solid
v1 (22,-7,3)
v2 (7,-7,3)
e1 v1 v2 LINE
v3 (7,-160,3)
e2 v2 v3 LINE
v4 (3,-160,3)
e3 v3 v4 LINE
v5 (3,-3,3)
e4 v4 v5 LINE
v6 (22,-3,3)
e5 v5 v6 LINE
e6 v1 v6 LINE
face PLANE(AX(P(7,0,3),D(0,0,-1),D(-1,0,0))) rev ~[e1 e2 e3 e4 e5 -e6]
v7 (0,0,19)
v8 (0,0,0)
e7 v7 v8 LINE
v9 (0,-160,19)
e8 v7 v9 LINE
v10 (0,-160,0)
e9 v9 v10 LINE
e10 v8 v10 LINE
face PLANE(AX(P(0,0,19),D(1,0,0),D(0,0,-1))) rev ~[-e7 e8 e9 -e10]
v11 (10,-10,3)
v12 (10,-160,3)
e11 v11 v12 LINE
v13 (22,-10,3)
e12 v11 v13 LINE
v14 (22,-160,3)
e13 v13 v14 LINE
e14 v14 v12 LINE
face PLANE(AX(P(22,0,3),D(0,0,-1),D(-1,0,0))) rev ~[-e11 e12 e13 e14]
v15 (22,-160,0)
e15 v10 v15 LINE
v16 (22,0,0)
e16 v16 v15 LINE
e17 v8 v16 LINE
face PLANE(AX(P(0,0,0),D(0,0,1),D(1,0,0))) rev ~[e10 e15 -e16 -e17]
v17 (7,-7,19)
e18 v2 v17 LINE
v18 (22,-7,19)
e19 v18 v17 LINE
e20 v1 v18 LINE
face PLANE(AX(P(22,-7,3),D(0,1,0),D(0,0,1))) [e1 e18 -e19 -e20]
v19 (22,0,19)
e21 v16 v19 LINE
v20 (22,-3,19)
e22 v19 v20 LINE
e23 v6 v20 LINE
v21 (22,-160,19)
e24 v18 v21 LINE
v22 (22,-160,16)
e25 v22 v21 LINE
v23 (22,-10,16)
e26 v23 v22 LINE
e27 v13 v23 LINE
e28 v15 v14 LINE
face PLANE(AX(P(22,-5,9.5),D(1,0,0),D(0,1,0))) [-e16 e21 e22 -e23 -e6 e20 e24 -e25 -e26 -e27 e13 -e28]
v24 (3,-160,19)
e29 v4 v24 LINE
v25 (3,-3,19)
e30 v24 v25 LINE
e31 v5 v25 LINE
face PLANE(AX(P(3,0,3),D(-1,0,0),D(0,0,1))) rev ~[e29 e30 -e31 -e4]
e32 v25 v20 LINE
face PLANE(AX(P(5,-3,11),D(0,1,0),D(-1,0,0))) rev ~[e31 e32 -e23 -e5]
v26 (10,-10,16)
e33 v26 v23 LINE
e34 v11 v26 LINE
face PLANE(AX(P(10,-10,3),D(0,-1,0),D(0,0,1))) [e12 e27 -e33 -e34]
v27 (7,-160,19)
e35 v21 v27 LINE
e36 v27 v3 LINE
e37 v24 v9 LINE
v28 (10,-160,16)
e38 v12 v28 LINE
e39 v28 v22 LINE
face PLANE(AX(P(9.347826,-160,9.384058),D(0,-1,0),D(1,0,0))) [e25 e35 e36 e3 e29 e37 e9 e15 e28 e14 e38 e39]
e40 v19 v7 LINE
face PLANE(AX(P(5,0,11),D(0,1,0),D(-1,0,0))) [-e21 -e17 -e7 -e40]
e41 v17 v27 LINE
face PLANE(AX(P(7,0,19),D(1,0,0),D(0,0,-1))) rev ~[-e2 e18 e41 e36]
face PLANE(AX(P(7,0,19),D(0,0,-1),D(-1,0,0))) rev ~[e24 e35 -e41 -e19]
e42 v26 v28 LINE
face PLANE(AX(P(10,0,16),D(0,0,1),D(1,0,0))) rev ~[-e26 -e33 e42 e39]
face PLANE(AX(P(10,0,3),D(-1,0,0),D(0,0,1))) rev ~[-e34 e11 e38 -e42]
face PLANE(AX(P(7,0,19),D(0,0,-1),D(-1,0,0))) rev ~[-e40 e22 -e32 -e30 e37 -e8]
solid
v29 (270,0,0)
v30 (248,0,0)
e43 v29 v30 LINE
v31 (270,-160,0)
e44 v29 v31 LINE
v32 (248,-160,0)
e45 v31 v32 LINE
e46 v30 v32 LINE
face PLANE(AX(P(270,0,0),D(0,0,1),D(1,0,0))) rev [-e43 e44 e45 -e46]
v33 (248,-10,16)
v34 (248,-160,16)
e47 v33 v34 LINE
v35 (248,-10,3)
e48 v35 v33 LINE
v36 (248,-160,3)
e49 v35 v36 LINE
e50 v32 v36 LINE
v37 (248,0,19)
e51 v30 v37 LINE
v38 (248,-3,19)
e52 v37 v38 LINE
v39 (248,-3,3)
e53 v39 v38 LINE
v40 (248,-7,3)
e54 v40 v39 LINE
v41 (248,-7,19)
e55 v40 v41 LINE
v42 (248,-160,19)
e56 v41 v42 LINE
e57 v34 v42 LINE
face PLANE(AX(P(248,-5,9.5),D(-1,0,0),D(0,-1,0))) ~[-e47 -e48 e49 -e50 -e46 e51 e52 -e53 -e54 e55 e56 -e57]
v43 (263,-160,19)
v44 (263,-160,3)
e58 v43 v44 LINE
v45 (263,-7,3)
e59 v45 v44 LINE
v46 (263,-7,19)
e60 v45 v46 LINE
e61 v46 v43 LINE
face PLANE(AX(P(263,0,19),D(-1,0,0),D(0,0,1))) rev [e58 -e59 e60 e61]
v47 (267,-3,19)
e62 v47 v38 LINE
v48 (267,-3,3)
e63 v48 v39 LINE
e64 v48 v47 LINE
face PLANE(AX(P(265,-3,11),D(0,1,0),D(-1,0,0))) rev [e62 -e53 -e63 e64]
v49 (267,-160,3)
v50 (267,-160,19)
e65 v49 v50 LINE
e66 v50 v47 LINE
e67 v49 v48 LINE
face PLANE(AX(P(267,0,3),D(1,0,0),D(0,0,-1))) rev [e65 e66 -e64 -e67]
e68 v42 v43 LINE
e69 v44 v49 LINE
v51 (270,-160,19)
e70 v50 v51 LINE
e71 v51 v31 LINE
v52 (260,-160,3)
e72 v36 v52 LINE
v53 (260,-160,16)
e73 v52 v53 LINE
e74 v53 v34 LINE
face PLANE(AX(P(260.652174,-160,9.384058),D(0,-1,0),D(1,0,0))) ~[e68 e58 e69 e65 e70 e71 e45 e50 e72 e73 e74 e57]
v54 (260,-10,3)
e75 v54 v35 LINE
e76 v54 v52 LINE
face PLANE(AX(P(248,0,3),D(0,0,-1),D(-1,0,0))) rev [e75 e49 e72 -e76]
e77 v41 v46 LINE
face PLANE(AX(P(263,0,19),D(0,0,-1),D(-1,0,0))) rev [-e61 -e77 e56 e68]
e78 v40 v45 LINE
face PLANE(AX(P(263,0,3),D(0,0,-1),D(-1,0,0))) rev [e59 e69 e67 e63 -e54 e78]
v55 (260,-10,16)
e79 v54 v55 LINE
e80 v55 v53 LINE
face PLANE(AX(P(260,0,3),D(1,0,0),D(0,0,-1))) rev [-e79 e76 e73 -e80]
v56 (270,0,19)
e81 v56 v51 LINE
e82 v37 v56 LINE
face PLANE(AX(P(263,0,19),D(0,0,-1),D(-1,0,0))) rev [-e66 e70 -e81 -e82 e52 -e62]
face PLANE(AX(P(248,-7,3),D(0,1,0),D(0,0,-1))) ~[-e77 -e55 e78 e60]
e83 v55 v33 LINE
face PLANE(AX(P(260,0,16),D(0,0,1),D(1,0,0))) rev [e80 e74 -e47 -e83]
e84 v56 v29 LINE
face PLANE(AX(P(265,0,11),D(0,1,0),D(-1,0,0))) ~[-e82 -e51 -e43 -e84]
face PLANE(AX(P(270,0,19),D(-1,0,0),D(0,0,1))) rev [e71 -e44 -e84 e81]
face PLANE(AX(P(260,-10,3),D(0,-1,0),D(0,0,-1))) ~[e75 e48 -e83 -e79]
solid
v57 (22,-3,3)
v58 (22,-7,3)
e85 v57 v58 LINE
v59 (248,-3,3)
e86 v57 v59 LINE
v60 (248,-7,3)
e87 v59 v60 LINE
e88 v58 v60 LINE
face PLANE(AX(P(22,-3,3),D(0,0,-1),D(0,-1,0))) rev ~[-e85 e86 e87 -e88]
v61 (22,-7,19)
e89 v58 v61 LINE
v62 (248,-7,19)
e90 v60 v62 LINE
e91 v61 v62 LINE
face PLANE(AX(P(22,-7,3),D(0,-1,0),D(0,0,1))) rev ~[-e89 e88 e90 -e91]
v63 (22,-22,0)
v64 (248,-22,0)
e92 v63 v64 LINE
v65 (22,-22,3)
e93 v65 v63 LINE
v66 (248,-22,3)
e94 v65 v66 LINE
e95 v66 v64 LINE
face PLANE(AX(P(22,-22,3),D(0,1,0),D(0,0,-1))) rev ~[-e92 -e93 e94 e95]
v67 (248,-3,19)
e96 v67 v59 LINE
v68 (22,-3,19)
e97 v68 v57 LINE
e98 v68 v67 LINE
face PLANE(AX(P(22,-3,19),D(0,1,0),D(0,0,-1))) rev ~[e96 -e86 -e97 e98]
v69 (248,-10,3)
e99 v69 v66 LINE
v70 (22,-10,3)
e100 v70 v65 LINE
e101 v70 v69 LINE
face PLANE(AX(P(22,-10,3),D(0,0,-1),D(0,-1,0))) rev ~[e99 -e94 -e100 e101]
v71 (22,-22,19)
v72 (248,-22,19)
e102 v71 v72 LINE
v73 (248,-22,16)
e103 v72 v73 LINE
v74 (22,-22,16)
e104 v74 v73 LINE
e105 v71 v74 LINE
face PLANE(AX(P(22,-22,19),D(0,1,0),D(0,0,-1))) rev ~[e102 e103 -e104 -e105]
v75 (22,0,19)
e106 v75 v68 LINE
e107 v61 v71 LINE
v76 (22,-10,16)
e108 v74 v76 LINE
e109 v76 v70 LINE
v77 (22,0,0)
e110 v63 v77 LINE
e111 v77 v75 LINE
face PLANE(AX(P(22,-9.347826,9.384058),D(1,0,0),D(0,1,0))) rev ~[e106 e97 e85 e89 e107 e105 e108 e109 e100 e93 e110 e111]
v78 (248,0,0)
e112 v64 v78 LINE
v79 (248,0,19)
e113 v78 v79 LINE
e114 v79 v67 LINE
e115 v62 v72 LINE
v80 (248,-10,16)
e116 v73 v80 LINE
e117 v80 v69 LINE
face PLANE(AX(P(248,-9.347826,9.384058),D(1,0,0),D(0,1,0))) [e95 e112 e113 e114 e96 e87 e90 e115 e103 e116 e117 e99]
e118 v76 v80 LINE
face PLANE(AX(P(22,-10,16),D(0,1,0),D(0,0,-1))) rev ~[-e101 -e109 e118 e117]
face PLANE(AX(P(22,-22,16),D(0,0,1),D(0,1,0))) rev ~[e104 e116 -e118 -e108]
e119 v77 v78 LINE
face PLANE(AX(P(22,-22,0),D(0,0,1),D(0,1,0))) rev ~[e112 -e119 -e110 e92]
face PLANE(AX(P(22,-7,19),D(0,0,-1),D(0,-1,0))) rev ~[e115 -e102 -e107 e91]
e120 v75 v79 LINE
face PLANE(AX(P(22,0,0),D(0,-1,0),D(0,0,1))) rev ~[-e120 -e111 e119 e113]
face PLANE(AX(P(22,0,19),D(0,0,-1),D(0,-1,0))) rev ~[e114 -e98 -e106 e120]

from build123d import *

# Parameters (mm, degrees)
F1_DEPTH = 160
F2_W     = 10
F2_H     = 13
F3_DEPTH = 12
F4_W     = 4
F4_H     = 16
F5_DEPTH = 3
F6_W     = 4
F6_H     = 16
F7_DEPTH = 19
F9_DEPTH = 226


with BuildPart() as f1:
    # F0 (on Front) → F1 (new body)
    with BuildSketch(Plane.XZ):
        Polygon((0, 19), (0, 0), (22, 0), (22, 3), (10, 3), (10, 16), (22, 16), (22, 19), (7, 19), (7, 3), (3, 3), (3, 19), align=None)
    extrude(amount=F1_DEPTH)

    # F2 (on face) → F3 (join, through all)
    with BuildSketch(Plane.YZ.offset(10)):
        with Locations((-5, 9.5)):
            Rectangle(F2_W, F2_H)
    extrude(amount=F3_DEPTH)

    # F4 (on face) → F5 (join)
    with BuildSketch(Plane(origin=(0, 0, 0), x_dir=(-1, 0, 0), z_dir=(0, 1, 0))):
        with Locations((-5, 11)):
            Rectangle(F4_W, F4_H)
    extrude(amount=-F5_DEPTH)

    # F6 (on face) → F7 (cut, through all)
    with BuildSketch(Plane.YZ.offset(22)):
        with Locations((-5, 11)):
            Rectangle(F6_W, F6_H)
    extrude(amount=-F7_DEPTH, mode=Mode.SUBTRACT)


with BuildPart() as f9:
    # F8 (on face) → F9 (new body)
    with BuildSketch(Plane.YZ.offset(22)):
        Polygon((0, 0), (0, 19), (-3, 19), (-3, 3), (-7, 3), (-7, 19), (-22, 19), (-22, 16), (-10, 16), (-10, 3), (-22, 3), (-22, 0), align=None)
    extrude(amount=F9_DEPTH)


with BuildPart() as f12_1:
    # F12: instance of F1
    add(f1.part.mirror(Plane.YZ.offset(135)))


solid = Compound([f1.part, f9.part, f12_1.part])
